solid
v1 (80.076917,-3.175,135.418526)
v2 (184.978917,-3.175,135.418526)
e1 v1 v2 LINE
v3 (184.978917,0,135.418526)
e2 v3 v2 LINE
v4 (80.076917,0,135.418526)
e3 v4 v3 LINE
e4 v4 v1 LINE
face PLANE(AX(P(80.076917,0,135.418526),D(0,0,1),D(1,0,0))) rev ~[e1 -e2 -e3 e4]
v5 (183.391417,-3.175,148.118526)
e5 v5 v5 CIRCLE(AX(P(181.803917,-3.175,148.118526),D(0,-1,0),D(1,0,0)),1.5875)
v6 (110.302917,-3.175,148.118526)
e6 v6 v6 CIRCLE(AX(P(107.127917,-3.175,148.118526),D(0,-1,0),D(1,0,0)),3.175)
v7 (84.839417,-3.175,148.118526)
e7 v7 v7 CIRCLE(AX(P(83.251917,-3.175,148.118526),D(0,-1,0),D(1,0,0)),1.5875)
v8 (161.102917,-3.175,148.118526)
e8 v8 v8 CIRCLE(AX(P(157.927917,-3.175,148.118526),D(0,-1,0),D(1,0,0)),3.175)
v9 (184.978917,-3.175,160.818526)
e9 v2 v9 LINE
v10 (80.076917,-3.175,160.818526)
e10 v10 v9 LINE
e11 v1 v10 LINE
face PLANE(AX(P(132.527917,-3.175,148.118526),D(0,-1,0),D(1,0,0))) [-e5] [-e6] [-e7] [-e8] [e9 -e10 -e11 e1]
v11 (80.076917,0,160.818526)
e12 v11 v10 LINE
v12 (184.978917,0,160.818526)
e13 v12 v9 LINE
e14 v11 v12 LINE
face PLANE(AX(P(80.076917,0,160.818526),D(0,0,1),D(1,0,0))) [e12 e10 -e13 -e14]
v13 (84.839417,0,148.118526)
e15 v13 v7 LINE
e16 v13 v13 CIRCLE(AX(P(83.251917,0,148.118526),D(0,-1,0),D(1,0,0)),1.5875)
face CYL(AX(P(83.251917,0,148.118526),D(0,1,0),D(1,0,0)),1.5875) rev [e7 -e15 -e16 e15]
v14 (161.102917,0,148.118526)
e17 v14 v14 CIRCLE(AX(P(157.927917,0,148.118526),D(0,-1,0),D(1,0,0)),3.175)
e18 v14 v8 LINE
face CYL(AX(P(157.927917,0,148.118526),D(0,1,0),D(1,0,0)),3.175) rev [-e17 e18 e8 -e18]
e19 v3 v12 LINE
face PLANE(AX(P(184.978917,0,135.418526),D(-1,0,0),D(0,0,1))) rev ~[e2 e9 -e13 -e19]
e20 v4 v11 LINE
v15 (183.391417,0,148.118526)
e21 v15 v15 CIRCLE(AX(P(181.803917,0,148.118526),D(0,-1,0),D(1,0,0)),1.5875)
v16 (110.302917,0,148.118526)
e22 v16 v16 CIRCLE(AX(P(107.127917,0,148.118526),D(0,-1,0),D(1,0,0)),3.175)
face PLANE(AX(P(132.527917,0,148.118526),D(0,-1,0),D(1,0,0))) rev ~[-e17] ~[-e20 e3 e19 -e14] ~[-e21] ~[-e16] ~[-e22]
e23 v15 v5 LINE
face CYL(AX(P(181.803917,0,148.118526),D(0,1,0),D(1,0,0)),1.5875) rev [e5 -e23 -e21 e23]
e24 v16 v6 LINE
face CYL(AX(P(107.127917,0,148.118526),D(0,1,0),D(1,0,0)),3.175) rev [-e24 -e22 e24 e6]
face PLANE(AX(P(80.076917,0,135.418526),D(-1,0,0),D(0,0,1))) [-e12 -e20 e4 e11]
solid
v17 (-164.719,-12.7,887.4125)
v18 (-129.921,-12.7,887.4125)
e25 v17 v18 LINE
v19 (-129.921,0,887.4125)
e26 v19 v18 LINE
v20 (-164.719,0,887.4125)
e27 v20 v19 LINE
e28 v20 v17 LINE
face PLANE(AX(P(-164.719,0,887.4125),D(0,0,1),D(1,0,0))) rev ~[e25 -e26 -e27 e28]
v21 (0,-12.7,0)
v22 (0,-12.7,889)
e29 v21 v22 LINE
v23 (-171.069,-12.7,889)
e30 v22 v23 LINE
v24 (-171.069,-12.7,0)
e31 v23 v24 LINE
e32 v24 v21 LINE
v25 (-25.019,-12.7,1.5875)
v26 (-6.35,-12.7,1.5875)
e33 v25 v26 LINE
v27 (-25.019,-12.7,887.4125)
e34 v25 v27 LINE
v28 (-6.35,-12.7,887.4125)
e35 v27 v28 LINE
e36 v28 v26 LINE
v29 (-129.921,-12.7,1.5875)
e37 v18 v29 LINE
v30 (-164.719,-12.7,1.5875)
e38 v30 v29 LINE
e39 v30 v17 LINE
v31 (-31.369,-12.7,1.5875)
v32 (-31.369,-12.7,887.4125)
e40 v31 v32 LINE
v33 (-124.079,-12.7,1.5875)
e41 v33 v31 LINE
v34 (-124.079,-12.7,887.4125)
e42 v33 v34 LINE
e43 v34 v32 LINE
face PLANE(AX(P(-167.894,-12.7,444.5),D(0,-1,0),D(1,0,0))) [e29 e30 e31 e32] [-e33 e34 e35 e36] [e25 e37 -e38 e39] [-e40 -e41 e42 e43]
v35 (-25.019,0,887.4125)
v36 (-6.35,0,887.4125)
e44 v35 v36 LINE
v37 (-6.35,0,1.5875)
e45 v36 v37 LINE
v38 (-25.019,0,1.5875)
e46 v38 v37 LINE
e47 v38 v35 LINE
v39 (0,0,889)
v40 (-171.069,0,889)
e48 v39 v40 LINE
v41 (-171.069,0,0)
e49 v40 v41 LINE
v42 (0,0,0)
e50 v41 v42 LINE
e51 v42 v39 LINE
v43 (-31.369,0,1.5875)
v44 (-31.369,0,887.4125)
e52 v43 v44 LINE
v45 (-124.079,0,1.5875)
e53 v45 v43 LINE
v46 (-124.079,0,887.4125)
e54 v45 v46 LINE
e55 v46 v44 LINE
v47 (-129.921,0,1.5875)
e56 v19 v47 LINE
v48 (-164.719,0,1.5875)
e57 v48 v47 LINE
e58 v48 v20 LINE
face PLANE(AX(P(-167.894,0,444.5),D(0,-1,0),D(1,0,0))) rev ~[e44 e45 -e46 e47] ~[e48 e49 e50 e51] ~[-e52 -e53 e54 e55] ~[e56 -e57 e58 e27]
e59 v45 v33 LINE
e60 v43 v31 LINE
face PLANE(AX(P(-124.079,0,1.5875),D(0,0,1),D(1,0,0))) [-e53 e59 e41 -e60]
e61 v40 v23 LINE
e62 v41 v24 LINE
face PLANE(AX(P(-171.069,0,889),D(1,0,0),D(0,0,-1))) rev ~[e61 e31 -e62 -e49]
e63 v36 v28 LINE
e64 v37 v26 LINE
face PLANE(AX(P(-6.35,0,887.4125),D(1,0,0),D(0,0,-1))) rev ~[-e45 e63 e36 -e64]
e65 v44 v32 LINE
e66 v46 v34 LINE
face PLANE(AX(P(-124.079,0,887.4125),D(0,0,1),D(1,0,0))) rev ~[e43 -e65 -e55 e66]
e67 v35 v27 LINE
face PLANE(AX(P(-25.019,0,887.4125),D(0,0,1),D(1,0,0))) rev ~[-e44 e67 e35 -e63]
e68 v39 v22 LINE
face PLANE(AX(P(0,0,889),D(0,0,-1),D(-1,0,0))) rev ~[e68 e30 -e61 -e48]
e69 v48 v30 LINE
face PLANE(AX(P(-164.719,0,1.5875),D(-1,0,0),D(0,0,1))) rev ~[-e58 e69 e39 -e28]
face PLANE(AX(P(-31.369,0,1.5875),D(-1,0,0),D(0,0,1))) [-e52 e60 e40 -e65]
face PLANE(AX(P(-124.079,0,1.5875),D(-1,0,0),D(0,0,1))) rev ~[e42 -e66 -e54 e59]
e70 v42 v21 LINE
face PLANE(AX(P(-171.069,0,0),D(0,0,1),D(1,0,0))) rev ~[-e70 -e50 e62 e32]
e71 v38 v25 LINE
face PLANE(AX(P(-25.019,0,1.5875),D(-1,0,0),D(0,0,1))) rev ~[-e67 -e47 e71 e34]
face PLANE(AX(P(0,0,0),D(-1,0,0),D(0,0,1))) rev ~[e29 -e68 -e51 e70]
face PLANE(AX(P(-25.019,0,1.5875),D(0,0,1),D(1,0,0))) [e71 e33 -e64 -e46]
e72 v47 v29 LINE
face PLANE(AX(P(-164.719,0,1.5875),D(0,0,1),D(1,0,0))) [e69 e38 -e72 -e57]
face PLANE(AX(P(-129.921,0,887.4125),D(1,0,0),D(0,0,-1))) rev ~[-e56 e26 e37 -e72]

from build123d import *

# Parameters (mm, degrees)
F0_W     = 6.35
F0_H     = 885.825
F0_W_2   = 5.842
F0_H_2   = 1.5875
F0_W_3   = 18.669
F0_W_4   = 92.71
F0_W_5   = 34.798
F1_DEPTH = 12.7
F2_W     = 104.902
F2_H     = 25.4
F2_R     = 1.5875
F2_R_2   = 3.175
F3_DEPTH = 3.175


with BuildPart() as f1:
    # F0 (on Front) → F1 (new body)
    with BuildSketch(Plane.XZ):
        with Locations((-167.894, 444.5)):
            Rectangle(F0_W, F0_H)
        with Locations((-127, 444.5)):
            Rectangle(F0_W_2, F0_H)
        with Locations((-28.194, 444.5)):
            Rectangle(F0_W, F0_H)
        with Locations((-3.175, 444.5)):
            Rectangle(F0_W, F0_H)
        with Locations((-3.175, 888.20625)):
            Rectangle(F0_W, F0_H_2)
        with Locations((-15.6845, 888.20625)):
            Rectangle(F0_W_3, F0_H_2)
        with Locations((-77.724, 888.20625)):
            Rectangle(F0_W_4, F0_H_2)
        with Locations((-127, 888.20625)):
            Rectangle(F0_W_2, F0_H_2)
        with Locations((-147.32, 888.20625)):
            Rectangle(F0_W_5, F0_H_2)
        with Locations((-167.894, 888.20625)):
            Rectangle(F0_W, F0_H_2)
        with Locations((-28.194, 888.20625)):
            Rectangle(F0_W, F0_H_2)
        with Locations((-167.894, 0.79375)):
            Rectangle(F0_W, F0_H_2)
        with Locations((-147.32, 0.79375)):
            Rectangle(F0_W_5, F0_H_2)
        with Locations((-127, 0.79375)):
            Rectangle(F0_W_2, F0_H_2)
        with Locations((-77.724, 0.79375)):
            Rectangle(F0_W_4, F0_H_2)
        with Locations((-15.6845, 0.79375)):
            Rectangle(F0_W_3, F0_H_2)
        with Locations((-28.194, 0.79375)):
            Rectangle(F0_W, F0_H_2)
        with Locations((-3.175, 0.79375)):
            Rectangle(F0_W, F0_H_2)
    extrude(amount=F1_DEPTH)


with BuildPart() as f3:
    # F2 (on Front) → F3 (new body)
    with BuildSketch(Plane.XZ):
        with Locations((132.5279174538, 148.1185257435)):
            Rectangle(F2_W, F2_H)
        with Locations((83.2519174538, 148.1185257435)):
            Circle(F2_R, mode=Mode.SUBTRACT)
        with Locations((107.1279174538, 148.1185257435)):
            Circle(F2_R_2, mode=Mode.SUBTRACT)
        with Locations((157.9279174538, 148.1185257435)):
            Circle(F2_R_2, mode=Mode.SUBTRACT)
        with Locations((181.8039174538, 148.1185257435)):
            Circle(F2_R, mode=Mode.SUBTRACT)
    extrude(amount=F3_DEPTH)


solid = Compound([f1.part, f3.part])
